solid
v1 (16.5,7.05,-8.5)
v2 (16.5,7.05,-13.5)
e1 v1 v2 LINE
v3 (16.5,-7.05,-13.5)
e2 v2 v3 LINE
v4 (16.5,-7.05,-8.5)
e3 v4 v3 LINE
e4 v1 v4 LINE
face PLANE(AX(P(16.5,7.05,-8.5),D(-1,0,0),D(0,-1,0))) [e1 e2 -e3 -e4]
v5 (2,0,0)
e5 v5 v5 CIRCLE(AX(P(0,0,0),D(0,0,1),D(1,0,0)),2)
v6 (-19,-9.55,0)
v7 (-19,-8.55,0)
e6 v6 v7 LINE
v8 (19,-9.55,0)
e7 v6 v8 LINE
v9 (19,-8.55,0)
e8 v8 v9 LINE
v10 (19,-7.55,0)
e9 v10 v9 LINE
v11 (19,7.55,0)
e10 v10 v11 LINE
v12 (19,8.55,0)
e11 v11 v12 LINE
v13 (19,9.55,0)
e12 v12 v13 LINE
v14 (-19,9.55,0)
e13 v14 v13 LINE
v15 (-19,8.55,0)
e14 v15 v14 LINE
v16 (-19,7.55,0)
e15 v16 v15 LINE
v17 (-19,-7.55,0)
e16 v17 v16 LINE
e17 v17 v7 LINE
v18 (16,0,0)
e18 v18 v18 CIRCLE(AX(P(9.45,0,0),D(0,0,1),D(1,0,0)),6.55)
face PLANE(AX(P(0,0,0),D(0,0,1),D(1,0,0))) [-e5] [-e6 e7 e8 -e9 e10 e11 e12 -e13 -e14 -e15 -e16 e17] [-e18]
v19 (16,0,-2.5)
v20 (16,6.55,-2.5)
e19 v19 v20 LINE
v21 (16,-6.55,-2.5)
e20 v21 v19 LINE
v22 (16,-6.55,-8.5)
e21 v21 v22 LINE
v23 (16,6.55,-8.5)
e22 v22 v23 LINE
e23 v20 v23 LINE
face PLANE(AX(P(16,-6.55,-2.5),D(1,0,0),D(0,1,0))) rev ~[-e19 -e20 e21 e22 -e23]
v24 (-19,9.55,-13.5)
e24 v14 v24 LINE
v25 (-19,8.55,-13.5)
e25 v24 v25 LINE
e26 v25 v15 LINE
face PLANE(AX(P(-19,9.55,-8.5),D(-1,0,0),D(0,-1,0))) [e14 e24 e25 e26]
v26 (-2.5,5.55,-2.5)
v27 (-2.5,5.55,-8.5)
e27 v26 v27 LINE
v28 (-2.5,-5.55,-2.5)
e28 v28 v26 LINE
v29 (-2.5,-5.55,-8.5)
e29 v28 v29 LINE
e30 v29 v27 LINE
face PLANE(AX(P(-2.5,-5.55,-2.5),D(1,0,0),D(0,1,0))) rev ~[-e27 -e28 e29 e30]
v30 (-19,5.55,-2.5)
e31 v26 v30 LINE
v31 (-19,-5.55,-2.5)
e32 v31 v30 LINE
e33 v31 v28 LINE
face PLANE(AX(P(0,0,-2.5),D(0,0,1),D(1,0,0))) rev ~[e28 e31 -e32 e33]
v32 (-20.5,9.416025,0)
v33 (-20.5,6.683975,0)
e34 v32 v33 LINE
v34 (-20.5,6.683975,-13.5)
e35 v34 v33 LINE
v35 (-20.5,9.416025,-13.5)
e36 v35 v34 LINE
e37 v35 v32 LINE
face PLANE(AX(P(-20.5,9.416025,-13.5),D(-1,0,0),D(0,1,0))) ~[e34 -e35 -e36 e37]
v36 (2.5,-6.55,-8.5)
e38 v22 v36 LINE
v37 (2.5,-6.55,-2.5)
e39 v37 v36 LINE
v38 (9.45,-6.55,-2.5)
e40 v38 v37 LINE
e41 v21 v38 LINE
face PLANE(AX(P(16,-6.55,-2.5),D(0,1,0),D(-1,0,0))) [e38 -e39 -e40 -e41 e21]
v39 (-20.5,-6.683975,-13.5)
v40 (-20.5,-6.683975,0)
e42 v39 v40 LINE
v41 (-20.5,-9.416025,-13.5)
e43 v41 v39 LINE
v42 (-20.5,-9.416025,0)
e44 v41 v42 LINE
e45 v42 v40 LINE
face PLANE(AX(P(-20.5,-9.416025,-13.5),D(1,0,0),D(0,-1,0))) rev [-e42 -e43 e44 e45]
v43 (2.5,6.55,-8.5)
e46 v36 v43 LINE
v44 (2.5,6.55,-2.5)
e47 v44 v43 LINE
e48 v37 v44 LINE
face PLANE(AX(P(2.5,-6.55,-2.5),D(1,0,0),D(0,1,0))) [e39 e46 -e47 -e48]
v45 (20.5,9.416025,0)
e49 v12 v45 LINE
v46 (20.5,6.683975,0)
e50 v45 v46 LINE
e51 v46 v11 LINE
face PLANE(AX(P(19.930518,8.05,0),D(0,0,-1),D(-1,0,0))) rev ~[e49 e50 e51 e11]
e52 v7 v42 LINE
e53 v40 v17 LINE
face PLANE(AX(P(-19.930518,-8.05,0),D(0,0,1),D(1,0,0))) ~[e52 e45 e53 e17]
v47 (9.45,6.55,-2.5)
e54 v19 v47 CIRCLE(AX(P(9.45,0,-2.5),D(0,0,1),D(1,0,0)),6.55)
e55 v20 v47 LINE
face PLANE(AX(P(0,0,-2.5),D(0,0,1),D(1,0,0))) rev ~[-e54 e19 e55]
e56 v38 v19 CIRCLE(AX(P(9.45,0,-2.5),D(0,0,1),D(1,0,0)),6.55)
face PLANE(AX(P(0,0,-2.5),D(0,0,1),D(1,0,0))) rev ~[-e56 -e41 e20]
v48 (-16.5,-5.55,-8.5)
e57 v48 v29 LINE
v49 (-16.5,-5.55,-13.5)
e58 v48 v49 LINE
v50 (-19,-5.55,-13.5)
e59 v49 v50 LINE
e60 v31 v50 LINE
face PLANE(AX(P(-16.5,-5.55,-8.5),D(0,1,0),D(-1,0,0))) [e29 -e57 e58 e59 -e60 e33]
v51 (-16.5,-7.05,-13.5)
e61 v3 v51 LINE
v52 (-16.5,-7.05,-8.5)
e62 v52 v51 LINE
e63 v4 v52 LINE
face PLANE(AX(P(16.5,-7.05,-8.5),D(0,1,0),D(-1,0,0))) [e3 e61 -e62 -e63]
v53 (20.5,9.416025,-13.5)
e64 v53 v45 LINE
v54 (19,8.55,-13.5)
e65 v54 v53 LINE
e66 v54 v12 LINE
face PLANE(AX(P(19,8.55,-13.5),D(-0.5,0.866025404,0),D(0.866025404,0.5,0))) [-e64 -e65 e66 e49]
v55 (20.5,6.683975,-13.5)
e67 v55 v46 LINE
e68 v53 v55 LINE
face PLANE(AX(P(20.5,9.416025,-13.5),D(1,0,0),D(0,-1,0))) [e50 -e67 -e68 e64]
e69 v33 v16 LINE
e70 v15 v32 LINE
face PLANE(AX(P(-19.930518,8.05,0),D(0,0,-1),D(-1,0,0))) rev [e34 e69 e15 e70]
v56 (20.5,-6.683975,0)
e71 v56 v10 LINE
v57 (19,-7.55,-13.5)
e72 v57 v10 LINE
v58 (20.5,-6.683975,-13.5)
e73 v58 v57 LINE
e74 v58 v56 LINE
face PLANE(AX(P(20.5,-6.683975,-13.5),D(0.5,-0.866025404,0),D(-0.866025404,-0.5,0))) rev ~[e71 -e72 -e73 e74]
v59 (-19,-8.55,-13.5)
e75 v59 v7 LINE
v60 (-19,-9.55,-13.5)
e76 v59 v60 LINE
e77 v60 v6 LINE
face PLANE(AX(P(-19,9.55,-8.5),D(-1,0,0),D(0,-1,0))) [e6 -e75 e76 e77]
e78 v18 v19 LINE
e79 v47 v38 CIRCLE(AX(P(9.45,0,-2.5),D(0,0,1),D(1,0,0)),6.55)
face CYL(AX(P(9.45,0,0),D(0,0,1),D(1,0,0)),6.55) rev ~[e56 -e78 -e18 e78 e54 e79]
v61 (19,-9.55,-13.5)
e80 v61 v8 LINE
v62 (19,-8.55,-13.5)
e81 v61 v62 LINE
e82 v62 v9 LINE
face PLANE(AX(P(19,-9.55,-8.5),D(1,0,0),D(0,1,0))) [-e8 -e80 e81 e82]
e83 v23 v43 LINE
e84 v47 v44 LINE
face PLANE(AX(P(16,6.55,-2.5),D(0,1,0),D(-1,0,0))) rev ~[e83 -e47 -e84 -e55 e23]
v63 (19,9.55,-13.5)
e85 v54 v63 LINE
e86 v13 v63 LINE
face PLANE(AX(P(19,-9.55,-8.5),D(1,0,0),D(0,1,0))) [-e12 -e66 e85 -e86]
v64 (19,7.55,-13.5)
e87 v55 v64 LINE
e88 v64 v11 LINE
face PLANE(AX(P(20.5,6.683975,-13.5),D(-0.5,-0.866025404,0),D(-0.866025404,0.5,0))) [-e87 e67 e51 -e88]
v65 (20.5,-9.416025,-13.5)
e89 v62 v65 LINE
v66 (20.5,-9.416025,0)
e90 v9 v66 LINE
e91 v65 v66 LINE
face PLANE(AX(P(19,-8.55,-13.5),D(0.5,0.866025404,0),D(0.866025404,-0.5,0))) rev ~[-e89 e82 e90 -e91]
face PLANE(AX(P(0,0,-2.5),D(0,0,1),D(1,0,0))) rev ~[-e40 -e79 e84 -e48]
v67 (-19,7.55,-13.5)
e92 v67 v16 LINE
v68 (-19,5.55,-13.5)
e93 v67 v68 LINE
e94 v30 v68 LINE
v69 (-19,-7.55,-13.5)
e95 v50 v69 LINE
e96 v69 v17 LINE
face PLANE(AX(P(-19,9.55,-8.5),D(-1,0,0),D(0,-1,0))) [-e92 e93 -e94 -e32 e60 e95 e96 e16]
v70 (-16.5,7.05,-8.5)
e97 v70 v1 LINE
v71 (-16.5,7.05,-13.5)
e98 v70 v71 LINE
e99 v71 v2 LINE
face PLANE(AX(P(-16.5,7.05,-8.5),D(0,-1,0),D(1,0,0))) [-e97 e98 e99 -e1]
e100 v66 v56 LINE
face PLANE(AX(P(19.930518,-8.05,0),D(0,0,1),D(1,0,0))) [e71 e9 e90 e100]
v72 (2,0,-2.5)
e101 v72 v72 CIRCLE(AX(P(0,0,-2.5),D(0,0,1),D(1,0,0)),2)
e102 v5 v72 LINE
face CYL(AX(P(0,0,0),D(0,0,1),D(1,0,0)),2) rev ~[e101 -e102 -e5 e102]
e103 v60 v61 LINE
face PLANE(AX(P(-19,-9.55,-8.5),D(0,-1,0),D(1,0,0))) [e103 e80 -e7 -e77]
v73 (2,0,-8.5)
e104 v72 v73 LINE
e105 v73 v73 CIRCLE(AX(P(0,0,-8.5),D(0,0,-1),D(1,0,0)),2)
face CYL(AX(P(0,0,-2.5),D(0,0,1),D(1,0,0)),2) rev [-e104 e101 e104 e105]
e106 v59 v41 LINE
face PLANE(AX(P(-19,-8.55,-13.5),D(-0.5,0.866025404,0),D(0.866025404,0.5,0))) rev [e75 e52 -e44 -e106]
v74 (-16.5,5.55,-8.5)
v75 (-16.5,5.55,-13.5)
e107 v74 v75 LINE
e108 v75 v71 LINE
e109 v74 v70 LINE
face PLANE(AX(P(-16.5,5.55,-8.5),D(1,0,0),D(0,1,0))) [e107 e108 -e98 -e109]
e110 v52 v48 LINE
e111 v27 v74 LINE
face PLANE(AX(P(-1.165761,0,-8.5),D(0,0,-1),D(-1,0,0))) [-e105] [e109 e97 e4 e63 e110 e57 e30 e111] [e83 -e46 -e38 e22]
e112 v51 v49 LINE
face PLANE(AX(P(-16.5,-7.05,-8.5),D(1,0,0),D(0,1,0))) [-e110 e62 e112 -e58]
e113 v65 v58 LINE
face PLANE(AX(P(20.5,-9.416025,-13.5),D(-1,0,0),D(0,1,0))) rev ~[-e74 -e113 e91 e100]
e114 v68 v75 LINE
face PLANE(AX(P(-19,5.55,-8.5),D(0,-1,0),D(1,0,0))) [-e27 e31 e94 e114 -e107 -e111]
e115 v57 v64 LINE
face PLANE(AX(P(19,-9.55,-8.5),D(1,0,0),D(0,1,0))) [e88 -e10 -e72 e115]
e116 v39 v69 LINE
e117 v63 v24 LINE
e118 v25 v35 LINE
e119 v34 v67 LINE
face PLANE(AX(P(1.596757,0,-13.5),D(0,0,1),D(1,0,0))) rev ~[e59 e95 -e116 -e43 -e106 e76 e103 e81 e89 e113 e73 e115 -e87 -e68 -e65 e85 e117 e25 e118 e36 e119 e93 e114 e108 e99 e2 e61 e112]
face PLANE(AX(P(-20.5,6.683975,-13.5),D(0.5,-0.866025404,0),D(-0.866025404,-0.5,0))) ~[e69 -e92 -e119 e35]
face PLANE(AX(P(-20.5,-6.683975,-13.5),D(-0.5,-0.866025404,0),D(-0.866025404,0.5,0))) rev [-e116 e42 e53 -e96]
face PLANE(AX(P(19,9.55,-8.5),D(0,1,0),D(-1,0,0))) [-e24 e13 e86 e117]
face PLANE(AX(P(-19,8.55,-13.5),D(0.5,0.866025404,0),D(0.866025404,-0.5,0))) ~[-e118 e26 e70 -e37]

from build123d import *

# Parameters (mm, degrees)
SKETCH2_W           = 38
SKETCH2_H           = 19.1
SKETCH2_R           = 6.55
SKETCH2_R_2         = 2
BOSS_EXTRUDE1_DEPTH = 2.5
SKETCH3_R           = 2
SKETCH3_W           = 13.5
SKETCH3_H           = 13.1
BOSS_EXTRUDE2_DEPTH = 6
BOSS_EXTRUDE3_DEPTH = 5
BOSS_EXTRUDE4_DEPTH = 13.5


with BuildPart() as part:
    # Sketch2 → Boss-Extrude1 (new body)
    with BuildSketch(Plane.XY):
        Rectangle(SKETCH2_W, SKETCH2_H)
        with Locations((9.45, 0)):
            Circle(SKETCH2_R, mode=Mode.SUBTRACT)
        Circle(SKETCH2_R_2, mode=Mode.SUBTRACT)
    extrude(amount=-BOSS_EXTRUDE1_DEPTH)

    # Sketch3 → Boss-Extrude2 (add)
    with BuildSketch(Plane(origin=(0, 0, -2.5), x_dir=(-1, 0, 0), z_dir=(0, 0, -1))):
        Polygon((-19, -9.55), (19, -9.55), (19, -5.55), (2.5, -5.55), (2.5, 5.55), (19, 5.55), (19, 9.55), (-19, 9.55), align=None)
        with Locations(Location((0, 0, 0), (0, 0, 180))):
            Circle(SKETCH3_R, mode=Mode.SUBTRACT)
        with Locations((-9.25, 0)):
            Rectangle(SKETCH3_W, SKETCH3_H, mode=Mode.SUBTRACT)
    extrude(amount=BOSS_EXTRUDE2_DEPTH)

    # Sketch4 → Boss-Extrude3 (add)
    with BuildSketch(Plane(origin=(0, 0, -8.5), x_dir=(-1, 0, 0), z_dir=(0, 0, -1))):
        Polygon((19, 5.55), (16.5, 5.55), (16.5, 7.05), (-16.5, 7.05), (-16.5, -7.05), (16.5, -7.05), (16.5, -5.55), (19, -5.55), (19, -9.55), (-19, -9.55), (-19, 9.55), (19, 9.55), align=None)
    extrude(amount=BOSS_EXTRUDE3_DEPTH)

    # Sketch5 → Boss-Extrude4 (add)
    with BuildSketch(Plane(origin=(0, 0, -13.5), x_dir=(-1, 0, 0), z_dir=(0, 0, -1))):
        Polygon((-19, 8.55), (-20.5, 9.416025404), (-20.5, 6.683974596), (-19, 7.55), align=None)
        Polygon((-19, -7.55), (-19, -8.55), (-20.5, -9.416025404), (-20.5, -6.683974596), align=None)
    boss_extrude4 = extrude(amount=-BOSS_EXTRUDE4_DEPTH)

    # Mirror1: Boss-Extrude4 across plane
    add(boss_extrude4.mirror(Plane(origin=(0, 0, 0), x_dir=(0, 0, 1), z_dir=(1, 0, 0))))


solid = part.part
